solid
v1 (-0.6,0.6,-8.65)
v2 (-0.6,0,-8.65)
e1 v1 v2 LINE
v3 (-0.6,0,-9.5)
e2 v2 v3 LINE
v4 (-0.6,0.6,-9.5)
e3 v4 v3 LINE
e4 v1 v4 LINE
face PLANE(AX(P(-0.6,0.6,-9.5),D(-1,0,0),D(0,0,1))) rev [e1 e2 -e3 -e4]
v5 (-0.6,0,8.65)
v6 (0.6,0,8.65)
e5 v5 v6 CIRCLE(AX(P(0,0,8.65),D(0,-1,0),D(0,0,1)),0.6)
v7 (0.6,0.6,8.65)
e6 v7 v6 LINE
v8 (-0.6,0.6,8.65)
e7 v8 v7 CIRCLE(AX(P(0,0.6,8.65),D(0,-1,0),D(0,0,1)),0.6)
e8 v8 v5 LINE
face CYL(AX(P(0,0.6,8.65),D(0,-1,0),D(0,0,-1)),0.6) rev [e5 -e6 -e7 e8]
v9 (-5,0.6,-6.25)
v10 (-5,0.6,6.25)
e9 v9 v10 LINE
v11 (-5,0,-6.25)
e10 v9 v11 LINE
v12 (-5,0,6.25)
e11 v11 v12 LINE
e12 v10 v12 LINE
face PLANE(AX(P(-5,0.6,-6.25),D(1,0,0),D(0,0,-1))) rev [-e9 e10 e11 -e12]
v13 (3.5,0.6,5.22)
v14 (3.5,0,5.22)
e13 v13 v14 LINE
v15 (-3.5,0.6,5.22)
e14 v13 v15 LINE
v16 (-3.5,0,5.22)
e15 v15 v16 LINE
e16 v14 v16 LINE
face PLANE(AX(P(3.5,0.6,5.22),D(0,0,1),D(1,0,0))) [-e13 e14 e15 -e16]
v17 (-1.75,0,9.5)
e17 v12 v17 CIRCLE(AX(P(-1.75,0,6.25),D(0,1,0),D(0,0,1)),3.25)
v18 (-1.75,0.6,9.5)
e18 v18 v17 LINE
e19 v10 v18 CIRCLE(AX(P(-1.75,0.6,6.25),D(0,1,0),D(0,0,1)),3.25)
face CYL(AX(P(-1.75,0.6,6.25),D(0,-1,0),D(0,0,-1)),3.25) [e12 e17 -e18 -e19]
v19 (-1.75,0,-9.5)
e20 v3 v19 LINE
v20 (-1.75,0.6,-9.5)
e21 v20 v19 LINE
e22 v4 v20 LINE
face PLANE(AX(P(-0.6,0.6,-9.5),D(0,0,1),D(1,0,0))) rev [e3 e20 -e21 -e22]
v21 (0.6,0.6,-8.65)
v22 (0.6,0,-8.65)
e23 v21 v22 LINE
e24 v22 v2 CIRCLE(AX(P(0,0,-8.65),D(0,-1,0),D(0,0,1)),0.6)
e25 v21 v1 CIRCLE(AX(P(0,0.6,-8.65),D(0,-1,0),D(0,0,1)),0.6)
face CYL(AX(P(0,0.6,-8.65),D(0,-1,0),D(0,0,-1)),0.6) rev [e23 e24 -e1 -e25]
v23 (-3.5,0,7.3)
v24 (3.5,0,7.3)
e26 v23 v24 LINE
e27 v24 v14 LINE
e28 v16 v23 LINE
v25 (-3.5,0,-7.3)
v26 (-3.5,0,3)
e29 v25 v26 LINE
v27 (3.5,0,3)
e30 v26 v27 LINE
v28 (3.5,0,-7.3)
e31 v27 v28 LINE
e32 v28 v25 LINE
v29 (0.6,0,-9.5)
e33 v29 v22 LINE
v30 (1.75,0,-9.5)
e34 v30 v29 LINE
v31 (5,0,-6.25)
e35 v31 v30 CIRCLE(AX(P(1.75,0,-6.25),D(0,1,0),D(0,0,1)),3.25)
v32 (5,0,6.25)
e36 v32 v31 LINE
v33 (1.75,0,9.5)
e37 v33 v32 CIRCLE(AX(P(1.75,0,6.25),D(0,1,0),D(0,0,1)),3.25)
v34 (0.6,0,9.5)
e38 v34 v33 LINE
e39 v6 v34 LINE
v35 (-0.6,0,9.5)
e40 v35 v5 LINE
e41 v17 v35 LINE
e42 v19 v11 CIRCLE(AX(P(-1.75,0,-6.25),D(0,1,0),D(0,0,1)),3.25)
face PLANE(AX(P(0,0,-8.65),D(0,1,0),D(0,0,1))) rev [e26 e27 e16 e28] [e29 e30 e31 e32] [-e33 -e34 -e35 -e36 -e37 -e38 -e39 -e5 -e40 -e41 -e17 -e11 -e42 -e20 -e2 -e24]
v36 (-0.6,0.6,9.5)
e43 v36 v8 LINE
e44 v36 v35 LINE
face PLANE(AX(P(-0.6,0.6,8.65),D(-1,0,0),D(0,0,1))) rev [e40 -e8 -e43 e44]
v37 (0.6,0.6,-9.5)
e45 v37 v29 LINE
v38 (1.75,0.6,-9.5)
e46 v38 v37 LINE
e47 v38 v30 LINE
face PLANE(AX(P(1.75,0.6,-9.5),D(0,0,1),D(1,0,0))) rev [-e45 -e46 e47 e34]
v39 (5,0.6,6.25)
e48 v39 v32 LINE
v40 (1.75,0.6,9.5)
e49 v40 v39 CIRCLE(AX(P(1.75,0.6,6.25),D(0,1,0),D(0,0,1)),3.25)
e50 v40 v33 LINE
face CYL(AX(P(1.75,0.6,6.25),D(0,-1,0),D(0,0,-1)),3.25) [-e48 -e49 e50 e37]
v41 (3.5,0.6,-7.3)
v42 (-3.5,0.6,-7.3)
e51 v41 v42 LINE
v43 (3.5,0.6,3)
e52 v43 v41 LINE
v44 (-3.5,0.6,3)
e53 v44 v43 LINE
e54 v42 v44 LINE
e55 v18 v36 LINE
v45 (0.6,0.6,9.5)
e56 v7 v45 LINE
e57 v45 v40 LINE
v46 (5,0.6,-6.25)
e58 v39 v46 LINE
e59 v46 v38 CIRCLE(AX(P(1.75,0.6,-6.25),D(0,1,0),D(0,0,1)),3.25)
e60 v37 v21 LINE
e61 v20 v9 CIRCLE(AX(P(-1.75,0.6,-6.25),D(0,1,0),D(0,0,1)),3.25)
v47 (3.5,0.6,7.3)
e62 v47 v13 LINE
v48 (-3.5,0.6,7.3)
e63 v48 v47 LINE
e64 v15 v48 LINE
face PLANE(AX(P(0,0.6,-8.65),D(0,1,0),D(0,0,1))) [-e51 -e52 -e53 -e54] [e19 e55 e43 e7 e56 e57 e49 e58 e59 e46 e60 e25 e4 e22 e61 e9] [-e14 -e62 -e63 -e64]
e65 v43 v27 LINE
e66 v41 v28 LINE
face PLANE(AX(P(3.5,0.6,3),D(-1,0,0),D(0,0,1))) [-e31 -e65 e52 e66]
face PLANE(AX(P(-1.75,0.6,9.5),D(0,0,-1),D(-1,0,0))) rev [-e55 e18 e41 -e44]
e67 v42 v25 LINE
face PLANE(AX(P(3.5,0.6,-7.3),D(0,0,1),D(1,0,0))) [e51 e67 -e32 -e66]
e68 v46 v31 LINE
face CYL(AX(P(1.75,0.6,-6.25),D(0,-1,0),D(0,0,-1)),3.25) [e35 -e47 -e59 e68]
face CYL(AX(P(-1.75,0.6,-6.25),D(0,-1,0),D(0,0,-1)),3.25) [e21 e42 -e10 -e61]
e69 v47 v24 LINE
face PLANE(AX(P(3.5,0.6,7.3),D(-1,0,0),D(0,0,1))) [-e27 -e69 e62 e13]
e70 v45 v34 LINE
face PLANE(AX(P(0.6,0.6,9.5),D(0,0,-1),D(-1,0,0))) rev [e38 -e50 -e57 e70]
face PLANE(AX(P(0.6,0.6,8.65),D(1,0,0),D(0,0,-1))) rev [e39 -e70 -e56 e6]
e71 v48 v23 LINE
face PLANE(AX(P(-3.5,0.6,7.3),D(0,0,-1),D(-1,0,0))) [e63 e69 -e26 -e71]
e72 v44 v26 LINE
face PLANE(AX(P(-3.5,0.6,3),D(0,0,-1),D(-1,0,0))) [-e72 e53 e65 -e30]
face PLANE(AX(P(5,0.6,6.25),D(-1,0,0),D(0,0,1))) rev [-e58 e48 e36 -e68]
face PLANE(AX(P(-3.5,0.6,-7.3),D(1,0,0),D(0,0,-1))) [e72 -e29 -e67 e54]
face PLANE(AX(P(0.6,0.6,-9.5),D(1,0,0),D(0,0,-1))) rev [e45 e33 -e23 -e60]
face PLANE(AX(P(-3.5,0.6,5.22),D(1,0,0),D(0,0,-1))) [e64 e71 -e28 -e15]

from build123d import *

# Parameters (mm, degrees)
SKETCH2_W           = 7
SKETCH2_H           = 10.3
SKETCH2_H_2         = 2.08
BOSS_EXTRUDE1_DEPTH = 0.6


with BuildPart() as part:
    # Sketch2 → Boss-Extrude1 (new body)
    with BuildSketch(Plane(origin=(0, 0, 0), x_dir=(1, 0, 0), z_dir=(0, 1, 0))):
        with BuildLine():
            Line((-0.6, 9.5), (-1.75, 9.5))
            ThreePointArc((-1.75, 9.5), (-4.048097039, 8.548097039), (-5, 6.25))
            Line((-5, 6.25), (-5, -6.25))
            ThreePointArc((-5, -6.25), (-4.048097039, -8.548097039), (-1.75, -9.5))
            Line((-1.75, -9.5), (-0.6, -9.5))
            Line((-0.6, -9.5), (-0.6, -8.65))
            ThreePointArc((-0.6, -8.65), (0, -8.05), (0.6, -8.65))
            Line((0.6, -8.65), (0.6, -9.5))
            Line((0.6, -9.5), (1.75, -9.5))
            ThreePointArc((1.75, -9.5), (4.048097039, -8.548097039), (5, -6.25))
            Line((5, -6.25), (5, 6.25))
            ThreePointArc((5, 6.25), (4.048097039, 8.548097039), (1.75, 9.5))
            Line((1.75, 9.5), (0.6, 9.5))
            Line((0.6, 9.5), (0.6, 8.65))
            ThreePointArc((0.6, 8.65), (0, 8.05), (-0.6, 8.65))
            Line((-0.6, 8.65), (-0.6, 9.5))
        make_face()
        with Locations((0, 2.15)):
            Rectangle(SKETCH2_W, SKETCH2_H, mode=Mode.SUBTRACT)
        with Locations((0, -6.26)):
            Rectangle(SKETCH2_W, SKETCH2_H_2, mode=Mode.SUBTRACT)
    extrude(amount=BOSS_EXTRUDE1_DEPTH)


solid = part.part
